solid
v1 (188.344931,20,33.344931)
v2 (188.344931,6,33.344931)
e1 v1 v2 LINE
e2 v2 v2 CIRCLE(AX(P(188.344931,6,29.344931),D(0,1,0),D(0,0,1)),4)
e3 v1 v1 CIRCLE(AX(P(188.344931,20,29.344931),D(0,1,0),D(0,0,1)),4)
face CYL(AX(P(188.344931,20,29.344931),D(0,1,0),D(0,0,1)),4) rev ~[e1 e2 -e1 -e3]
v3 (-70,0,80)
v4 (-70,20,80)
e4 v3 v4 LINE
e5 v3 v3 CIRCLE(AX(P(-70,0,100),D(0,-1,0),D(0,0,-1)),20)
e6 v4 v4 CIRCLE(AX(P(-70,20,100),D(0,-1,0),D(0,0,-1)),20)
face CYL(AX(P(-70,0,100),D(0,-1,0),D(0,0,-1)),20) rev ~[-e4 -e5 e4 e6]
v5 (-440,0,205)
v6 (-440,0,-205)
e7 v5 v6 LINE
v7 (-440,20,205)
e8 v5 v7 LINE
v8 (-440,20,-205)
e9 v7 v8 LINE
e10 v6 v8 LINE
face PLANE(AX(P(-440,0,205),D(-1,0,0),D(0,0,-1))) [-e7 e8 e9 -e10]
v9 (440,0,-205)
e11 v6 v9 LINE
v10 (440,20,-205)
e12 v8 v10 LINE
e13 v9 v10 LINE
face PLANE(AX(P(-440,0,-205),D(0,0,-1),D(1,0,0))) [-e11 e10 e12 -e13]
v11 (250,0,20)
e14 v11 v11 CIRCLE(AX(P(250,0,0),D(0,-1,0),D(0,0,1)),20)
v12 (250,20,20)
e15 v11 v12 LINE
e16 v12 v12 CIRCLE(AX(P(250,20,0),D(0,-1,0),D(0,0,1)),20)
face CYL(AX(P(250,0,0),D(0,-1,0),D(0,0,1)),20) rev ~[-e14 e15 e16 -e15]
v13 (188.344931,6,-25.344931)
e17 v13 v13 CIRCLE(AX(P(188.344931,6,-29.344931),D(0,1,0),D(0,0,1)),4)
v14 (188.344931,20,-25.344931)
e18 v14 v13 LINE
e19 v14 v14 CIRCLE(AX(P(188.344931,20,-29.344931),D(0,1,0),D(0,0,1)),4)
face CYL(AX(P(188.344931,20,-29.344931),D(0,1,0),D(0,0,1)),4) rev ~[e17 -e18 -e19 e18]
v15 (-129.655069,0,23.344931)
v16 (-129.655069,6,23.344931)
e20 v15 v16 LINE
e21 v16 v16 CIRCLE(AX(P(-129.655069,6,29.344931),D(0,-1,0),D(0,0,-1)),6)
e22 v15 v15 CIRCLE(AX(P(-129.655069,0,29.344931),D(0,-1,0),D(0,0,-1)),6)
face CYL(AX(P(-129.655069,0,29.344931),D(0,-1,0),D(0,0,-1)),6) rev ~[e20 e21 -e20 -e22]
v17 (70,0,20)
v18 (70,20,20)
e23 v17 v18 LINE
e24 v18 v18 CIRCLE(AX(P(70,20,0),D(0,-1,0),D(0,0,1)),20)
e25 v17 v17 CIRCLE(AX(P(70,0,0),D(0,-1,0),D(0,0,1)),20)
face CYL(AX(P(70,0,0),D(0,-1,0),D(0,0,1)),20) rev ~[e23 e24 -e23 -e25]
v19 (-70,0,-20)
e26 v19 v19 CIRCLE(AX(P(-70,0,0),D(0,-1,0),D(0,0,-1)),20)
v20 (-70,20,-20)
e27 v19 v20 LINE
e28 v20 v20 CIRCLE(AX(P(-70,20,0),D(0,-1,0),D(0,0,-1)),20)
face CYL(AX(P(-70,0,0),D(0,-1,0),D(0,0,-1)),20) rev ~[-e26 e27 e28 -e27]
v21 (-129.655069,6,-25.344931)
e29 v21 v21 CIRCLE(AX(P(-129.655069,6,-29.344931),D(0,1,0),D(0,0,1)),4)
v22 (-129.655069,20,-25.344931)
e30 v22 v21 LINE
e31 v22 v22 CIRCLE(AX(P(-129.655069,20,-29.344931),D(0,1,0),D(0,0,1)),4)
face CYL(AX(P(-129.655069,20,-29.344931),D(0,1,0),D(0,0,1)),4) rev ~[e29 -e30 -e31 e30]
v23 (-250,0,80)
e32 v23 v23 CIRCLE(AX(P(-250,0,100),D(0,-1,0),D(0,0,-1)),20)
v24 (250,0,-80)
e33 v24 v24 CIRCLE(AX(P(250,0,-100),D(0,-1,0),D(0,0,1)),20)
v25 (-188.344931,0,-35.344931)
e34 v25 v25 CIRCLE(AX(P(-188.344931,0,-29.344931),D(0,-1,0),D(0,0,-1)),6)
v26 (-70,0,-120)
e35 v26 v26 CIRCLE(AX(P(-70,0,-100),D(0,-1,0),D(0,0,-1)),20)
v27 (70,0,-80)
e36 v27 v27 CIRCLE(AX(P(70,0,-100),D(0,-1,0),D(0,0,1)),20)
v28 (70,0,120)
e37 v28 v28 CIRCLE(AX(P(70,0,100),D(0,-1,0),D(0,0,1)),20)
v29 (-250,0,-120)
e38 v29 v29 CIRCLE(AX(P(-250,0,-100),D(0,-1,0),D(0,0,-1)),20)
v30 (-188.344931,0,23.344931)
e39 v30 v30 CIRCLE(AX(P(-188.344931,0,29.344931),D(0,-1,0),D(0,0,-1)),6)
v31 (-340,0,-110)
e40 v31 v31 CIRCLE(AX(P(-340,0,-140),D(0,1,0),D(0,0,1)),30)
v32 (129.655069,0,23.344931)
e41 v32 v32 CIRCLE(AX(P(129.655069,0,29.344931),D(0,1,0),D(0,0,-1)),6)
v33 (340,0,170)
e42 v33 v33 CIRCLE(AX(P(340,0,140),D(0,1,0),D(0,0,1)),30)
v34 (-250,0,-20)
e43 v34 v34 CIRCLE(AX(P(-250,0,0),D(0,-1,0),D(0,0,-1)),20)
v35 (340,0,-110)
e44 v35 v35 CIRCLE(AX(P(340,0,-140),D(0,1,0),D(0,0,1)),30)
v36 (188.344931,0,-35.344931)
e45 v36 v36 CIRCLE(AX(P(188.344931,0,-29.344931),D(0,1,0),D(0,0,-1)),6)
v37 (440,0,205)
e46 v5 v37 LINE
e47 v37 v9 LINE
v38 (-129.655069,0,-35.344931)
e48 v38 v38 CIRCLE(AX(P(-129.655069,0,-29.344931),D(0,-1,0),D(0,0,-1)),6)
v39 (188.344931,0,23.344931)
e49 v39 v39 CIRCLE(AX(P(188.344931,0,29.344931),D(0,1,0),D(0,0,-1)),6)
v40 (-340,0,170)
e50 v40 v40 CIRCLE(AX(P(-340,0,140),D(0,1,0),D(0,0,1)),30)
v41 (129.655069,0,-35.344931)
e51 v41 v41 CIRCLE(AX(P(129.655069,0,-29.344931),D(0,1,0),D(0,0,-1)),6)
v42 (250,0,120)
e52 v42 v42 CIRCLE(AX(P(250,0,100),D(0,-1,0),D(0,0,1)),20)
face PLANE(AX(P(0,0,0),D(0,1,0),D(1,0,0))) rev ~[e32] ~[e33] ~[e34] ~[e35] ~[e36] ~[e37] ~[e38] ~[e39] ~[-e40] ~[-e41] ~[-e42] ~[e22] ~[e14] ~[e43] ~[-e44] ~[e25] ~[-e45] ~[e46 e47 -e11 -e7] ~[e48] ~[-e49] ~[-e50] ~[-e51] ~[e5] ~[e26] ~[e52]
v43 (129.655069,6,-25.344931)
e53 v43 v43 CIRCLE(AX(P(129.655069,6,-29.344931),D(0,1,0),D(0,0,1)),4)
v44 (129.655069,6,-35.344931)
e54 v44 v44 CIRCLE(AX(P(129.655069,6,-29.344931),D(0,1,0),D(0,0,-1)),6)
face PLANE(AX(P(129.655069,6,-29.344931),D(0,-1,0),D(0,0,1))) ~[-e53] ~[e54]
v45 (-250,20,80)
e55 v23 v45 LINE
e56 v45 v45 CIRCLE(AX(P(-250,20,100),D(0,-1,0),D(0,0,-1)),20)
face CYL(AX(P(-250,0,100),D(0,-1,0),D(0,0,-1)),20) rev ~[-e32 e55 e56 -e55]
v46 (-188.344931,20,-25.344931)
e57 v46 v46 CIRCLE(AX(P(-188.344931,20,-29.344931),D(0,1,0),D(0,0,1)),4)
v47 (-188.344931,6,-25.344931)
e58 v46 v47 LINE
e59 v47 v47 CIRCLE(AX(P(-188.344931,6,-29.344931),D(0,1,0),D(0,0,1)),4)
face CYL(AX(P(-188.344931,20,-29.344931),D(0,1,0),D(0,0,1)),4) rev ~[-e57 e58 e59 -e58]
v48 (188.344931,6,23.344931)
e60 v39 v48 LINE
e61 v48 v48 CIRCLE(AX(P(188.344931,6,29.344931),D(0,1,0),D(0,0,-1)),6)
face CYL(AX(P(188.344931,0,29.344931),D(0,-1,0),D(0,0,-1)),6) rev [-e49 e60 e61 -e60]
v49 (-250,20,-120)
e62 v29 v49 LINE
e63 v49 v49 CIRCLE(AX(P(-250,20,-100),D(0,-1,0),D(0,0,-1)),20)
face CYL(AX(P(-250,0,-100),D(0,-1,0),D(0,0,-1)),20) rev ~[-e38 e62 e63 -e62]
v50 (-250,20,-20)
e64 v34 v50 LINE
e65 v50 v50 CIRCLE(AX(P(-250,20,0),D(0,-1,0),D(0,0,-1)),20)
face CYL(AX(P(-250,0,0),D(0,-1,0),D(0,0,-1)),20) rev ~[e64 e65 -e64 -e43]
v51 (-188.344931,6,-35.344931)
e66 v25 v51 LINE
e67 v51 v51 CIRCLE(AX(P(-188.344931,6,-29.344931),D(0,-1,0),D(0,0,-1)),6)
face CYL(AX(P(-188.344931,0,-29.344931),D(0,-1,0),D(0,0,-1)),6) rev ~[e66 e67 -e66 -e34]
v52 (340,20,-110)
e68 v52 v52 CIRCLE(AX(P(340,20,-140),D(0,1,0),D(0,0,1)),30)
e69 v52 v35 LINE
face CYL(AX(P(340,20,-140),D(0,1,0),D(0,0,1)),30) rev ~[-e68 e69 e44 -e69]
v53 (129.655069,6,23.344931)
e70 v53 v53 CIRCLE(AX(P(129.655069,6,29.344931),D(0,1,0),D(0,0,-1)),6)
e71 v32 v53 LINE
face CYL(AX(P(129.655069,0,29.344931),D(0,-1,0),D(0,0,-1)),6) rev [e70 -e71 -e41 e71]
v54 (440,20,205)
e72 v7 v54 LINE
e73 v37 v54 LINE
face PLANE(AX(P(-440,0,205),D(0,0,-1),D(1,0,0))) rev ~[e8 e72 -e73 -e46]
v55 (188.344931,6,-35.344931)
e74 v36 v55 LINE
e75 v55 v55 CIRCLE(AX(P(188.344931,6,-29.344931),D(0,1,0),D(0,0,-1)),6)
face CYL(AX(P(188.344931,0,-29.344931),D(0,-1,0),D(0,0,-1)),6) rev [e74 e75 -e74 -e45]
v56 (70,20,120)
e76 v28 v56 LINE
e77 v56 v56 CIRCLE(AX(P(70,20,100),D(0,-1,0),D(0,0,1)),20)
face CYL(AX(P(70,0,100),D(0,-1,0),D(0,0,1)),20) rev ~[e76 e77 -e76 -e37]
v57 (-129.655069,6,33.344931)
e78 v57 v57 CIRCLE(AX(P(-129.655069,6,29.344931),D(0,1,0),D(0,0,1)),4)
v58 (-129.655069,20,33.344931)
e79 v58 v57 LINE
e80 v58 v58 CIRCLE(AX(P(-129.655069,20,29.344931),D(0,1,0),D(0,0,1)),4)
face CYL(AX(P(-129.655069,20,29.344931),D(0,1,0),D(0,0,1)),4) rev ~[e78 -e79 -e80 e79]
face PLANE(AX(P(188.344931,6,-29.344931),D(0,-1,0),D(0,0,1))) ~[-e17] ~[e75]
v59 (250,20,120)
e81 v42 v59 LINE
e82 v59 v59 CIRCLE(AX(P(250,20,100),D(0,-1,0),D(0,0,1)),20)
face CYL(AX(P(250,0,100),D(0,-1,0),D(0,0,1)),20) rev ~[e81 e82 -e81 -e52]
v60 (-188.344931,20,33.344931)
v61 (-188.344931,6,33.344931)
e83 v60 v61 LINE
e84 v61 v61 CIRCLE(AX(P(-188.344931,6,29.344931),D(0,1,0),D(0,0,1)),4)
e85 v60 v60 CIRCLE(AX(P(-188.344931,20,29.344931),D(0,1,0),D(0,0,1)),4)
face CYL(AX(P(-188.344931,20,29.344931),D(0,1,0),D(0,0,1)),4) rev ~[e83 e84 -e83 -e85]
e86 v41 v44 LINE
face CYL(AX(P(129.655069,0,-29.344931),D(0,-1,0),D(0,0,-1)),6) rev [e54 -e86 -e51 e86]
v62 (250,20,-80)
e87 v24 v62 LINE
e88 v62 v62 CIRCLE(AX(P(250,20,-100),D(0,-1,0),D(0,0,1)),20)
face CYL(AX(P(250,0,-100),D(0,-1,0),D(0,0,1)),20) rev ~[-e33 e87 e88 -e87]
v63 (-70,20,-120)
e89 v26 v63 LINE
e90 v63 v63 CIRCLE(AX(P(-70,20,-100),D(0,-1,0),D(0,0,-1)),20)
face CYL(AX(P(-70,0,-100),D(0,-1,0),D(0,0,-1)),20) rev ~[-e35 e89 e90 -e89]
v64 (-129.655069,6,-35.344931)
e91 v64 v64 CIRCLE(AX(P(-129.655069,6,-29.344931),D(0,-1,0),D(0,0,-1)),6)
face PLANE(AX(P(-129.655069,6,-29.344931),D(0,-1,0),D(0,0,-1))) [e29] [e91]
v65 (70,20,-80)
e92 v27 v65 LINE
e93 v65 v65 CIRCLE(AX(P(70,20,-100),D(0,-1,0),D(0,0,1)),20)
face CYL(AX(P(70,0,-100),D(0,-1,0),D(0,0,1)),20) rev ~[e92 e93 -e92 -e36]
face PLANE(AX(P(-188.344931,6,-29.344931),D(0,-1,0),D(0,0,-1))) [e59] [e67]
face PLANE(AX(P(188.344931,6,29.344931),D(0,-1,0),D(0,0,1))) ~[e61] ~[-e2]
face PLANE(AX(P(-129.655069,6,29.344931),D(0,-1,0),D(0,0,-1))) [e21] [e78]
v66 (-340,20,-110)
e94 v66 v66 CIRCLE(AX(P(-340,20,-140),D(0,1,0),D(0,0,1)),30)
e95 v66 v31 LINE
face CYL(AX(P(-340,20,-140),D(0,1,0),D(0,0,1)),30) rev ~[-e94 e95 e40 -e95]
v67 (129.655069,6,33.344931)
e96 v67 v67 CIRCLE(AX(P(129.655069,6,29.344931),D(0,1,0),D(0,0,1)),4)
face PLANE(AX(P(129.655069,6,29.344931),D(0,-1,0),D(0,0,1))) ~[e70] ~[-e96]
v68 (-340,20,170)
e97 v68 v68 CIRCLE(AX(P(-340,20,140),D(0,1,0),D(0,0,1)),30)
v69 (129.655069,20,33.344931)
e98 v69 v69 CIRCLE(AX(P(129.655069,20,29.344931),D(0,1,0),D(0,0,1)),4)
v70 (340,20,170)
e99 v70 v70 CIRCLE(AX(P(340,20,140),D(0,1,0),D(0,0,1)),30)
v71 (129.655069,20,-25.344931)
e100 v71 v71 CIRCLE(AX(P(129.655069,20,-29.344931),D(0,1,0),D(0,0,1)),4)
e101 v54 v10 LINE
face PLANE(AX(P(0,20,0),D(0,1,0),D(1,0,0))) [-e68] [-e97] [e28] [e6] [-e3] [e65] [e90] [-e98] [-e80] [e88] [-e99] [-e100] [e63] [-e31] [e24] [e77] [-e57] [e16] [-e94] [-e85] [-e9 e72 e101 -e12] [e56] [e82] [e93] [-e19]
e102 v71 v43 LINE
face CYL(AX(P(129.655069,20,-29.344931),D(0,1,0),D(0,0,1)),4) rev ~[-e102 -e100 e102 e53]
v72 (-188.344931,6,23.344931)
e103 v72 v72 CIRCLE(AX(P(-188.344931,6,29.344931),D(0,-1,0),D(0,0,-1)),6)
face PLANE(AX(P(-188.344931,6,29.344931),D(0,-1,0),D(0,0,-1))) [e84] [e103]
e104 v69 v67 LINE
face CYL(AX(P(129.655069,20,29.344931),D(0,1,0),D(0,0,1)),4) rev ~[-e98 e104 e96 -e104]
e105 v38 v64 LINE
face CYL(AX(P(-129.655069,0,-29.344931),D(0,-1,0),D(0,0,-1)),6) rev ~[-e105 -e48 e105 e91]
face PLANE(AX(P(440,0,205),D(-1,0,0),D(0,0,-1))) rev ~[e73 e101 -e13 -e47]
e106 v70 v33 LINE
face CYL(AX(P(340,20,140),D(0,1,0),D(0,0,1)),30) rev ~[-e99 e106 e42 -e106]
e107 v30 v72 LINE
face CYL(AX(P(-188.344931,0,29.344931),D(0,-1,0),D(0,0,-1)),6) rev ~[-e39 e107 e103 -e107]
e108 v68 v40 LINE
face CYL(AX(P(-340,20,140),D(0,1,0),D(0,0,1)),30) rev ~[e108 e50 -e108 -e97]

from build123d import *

# Parameters (mm, degrees)
SKETCH1_W           = 880
SKETCH1_H           = 410
BOSS_EXTRUDE1_DEPTH = 20
SKETCH3_R           = 30
CUT_EXTRUDE1_DEPTH  = 142
SKETCH4_R           = 4
CUT_EXTRUDE2_DEPTH  = 136
SKETCH5_R           = 6
CUT_EXTRUDE3_DEPTH  = 6
SKETCH7_R           = 20
CUT_EXTRUDE4_DEPTH  = 261


with BuildPart() as part:
    # Sketch1 → Boss-Extrude1 (new body)
    with BuildSketch(Plane(origin=(0, 0, 0), x_dir=(1, 0, 0), z_dir=(0, 1, 0))):
        Rectangle(SKETCH1_W, SKETCH1_H)
    extrude(amount=BOSS_EXTRUDE1_DEPTH)

    # Sketch3 → Cut-Extrude1 (cut)
    with BuildSketch(Plane(origin=(0, 20, 0), x_dir=(1, 0, 0), z_dir=(0, 1, 0))):
        with Locations(Location((-340, 140, 0), (0, 0, 270))):
            Circle(SKETCH3_R)
        with Locations(Location((340, 140, 0), (0, 0, 270))):
            Circle(SKETCH3_R)
        with Locations(Location((340, -140, 0), (0, 0, 270))):
            Circle(SKETCH3_R)
        with Locations(Location((-340, -140, 0), (0, 0, 270))):
            Circle(SKETCH3_R)
    extrude(amount=-CUT_EXTRUDE1_DEPTH, mode=Mode.SUBTRACT)

    # Sketch4 → Cut-Extrude2 (cut)
    with BuildSketch(Plane(origin=(0, 20, 0), x_dir=(1, 0, 0), z_dir=(0, 1, 0))):
        with Locations(Location((-129.655068581, 29.344931419, 0), (0, 0, 270))):
            Circle(SKETCH4_R)
        with Locations(Location((-129.655068581, -29.344931419, 0), (0, 0, 270))):
            Circle(SKETCH4_R)
        with Locations(Location((-188.344931419, -29.344931419, 0), (0, 0, 270))):
            Circle(SKETCH4_R)
        with Locations(Location((-188.344931419, 29.344931419, 0), (0, 0, 270))):
            Circle(SKETCH4_R)
        with Locations(Location((188.344931419, 29.344931419, 0), (0, 0, 270))):
            Circle(SKETCH4_R)
        with Locations(Location((188.344931419, -29.344931419, 0), (0, 0, 270))):
            Circle(SKETCH4_R)
        with Locations(Location((129.655068581, -29.344931419, 0), (0, 0, 270))):
            Circle(SKETCH4_R)
        with Locations(Location((129.655068581, 29.344931419, 0), (0, 0, 270))):
            Circle(SKETCH4_R)
    extrude(amount=-CUT_EXTRUDE2_DEPTH, mode=Mode.SUBTRACT)

    # Sketch5 → Cut-Extrude3 (cut)
    with BuildSketch(Plane.XZ):
        with Locations(Location((-188.344931419, 29.344931419, 0), (0, 0, 270))):
            Circle(SKETCH5_R)
        with Locations(Location((-129.655068581, 29.344931419, 0), (0, 0, 270))):
            Circle(SKETCH5_R)
        with Locations(Location((-129.655068581, -29.344931419, 0), (0, 0, 270))):
            Circle(SKETCH5_R)
        with Locations(Location((-188.344931419, -29.344931419, 0), (0, 0, 270))):
            Circle(SKETCH5_R)
    cut_extrude3 = extrude(amount=-CUT_EXTRUDE3_DEPTH, mode=Mode.SUBTRACT)

    # Mirror1: Cut-Extrude3 across plane
    add(cut_extrude3.mirror(Plane(origin=(0, 0, 0), x_dir=(0, 0, 1), z_dir=(1, 0, 0))), mode=Mode.SUBTRACT)

    # Sketch7 → Cut-Extrude4 (cut)
    with BuildSketch(Plane.XZ):
        with Locations(Location((-250, 0, 0), (0, 0, 270))):
            Circle(SKETCH7_R)
        with Locations(Location((-250, 100, 0), (0, 0, 270))):
            Circle(SKETCH7_R)
        with Locations(Location((-250, -100, 0), (0, 0, 270))):
            Circle(SKETCH7_R)
        with Locations(Location((-70, 100, 0), (0, 0, 270))):
            Circle(SKETCH7_R)
        with Locations(Location((-70, 0, 0), (0, 0, 270))):
            Circle(SKETCH7_R)
        with Locations(Location((-70, -100, 0), (0, 0, 270))):
            Circle(SKETCH7_R)
        with Locations(Location((70, -100, 0), (0, 0, 90))):
            Circle(SKETCH7_R)
        with Locations(Location((70, 0, 0), (0, 0, 90))):
            Circle(SKETCH7_R)
        with Locations(Location((70, 100, 0), (0, 0, 90))):
            Circle(SKETCH7_R)
        with Locations(Location((250, -100, 0), (0, 0, 90))):
            Circle(SKETCH7_R)
        with Locations(Location((250, 100, 0), (0, 0, 90))):
            Circle(SKETCH7_R)
        with Locations(Location((250, 0, 0), (0, 0, 90))):
            Circle(SKETCH7_R)
    extrude(amount=-CUT_EXTRUDE4_DEPTH, mode=Mode.SUBTRACT)


solid = part.part
